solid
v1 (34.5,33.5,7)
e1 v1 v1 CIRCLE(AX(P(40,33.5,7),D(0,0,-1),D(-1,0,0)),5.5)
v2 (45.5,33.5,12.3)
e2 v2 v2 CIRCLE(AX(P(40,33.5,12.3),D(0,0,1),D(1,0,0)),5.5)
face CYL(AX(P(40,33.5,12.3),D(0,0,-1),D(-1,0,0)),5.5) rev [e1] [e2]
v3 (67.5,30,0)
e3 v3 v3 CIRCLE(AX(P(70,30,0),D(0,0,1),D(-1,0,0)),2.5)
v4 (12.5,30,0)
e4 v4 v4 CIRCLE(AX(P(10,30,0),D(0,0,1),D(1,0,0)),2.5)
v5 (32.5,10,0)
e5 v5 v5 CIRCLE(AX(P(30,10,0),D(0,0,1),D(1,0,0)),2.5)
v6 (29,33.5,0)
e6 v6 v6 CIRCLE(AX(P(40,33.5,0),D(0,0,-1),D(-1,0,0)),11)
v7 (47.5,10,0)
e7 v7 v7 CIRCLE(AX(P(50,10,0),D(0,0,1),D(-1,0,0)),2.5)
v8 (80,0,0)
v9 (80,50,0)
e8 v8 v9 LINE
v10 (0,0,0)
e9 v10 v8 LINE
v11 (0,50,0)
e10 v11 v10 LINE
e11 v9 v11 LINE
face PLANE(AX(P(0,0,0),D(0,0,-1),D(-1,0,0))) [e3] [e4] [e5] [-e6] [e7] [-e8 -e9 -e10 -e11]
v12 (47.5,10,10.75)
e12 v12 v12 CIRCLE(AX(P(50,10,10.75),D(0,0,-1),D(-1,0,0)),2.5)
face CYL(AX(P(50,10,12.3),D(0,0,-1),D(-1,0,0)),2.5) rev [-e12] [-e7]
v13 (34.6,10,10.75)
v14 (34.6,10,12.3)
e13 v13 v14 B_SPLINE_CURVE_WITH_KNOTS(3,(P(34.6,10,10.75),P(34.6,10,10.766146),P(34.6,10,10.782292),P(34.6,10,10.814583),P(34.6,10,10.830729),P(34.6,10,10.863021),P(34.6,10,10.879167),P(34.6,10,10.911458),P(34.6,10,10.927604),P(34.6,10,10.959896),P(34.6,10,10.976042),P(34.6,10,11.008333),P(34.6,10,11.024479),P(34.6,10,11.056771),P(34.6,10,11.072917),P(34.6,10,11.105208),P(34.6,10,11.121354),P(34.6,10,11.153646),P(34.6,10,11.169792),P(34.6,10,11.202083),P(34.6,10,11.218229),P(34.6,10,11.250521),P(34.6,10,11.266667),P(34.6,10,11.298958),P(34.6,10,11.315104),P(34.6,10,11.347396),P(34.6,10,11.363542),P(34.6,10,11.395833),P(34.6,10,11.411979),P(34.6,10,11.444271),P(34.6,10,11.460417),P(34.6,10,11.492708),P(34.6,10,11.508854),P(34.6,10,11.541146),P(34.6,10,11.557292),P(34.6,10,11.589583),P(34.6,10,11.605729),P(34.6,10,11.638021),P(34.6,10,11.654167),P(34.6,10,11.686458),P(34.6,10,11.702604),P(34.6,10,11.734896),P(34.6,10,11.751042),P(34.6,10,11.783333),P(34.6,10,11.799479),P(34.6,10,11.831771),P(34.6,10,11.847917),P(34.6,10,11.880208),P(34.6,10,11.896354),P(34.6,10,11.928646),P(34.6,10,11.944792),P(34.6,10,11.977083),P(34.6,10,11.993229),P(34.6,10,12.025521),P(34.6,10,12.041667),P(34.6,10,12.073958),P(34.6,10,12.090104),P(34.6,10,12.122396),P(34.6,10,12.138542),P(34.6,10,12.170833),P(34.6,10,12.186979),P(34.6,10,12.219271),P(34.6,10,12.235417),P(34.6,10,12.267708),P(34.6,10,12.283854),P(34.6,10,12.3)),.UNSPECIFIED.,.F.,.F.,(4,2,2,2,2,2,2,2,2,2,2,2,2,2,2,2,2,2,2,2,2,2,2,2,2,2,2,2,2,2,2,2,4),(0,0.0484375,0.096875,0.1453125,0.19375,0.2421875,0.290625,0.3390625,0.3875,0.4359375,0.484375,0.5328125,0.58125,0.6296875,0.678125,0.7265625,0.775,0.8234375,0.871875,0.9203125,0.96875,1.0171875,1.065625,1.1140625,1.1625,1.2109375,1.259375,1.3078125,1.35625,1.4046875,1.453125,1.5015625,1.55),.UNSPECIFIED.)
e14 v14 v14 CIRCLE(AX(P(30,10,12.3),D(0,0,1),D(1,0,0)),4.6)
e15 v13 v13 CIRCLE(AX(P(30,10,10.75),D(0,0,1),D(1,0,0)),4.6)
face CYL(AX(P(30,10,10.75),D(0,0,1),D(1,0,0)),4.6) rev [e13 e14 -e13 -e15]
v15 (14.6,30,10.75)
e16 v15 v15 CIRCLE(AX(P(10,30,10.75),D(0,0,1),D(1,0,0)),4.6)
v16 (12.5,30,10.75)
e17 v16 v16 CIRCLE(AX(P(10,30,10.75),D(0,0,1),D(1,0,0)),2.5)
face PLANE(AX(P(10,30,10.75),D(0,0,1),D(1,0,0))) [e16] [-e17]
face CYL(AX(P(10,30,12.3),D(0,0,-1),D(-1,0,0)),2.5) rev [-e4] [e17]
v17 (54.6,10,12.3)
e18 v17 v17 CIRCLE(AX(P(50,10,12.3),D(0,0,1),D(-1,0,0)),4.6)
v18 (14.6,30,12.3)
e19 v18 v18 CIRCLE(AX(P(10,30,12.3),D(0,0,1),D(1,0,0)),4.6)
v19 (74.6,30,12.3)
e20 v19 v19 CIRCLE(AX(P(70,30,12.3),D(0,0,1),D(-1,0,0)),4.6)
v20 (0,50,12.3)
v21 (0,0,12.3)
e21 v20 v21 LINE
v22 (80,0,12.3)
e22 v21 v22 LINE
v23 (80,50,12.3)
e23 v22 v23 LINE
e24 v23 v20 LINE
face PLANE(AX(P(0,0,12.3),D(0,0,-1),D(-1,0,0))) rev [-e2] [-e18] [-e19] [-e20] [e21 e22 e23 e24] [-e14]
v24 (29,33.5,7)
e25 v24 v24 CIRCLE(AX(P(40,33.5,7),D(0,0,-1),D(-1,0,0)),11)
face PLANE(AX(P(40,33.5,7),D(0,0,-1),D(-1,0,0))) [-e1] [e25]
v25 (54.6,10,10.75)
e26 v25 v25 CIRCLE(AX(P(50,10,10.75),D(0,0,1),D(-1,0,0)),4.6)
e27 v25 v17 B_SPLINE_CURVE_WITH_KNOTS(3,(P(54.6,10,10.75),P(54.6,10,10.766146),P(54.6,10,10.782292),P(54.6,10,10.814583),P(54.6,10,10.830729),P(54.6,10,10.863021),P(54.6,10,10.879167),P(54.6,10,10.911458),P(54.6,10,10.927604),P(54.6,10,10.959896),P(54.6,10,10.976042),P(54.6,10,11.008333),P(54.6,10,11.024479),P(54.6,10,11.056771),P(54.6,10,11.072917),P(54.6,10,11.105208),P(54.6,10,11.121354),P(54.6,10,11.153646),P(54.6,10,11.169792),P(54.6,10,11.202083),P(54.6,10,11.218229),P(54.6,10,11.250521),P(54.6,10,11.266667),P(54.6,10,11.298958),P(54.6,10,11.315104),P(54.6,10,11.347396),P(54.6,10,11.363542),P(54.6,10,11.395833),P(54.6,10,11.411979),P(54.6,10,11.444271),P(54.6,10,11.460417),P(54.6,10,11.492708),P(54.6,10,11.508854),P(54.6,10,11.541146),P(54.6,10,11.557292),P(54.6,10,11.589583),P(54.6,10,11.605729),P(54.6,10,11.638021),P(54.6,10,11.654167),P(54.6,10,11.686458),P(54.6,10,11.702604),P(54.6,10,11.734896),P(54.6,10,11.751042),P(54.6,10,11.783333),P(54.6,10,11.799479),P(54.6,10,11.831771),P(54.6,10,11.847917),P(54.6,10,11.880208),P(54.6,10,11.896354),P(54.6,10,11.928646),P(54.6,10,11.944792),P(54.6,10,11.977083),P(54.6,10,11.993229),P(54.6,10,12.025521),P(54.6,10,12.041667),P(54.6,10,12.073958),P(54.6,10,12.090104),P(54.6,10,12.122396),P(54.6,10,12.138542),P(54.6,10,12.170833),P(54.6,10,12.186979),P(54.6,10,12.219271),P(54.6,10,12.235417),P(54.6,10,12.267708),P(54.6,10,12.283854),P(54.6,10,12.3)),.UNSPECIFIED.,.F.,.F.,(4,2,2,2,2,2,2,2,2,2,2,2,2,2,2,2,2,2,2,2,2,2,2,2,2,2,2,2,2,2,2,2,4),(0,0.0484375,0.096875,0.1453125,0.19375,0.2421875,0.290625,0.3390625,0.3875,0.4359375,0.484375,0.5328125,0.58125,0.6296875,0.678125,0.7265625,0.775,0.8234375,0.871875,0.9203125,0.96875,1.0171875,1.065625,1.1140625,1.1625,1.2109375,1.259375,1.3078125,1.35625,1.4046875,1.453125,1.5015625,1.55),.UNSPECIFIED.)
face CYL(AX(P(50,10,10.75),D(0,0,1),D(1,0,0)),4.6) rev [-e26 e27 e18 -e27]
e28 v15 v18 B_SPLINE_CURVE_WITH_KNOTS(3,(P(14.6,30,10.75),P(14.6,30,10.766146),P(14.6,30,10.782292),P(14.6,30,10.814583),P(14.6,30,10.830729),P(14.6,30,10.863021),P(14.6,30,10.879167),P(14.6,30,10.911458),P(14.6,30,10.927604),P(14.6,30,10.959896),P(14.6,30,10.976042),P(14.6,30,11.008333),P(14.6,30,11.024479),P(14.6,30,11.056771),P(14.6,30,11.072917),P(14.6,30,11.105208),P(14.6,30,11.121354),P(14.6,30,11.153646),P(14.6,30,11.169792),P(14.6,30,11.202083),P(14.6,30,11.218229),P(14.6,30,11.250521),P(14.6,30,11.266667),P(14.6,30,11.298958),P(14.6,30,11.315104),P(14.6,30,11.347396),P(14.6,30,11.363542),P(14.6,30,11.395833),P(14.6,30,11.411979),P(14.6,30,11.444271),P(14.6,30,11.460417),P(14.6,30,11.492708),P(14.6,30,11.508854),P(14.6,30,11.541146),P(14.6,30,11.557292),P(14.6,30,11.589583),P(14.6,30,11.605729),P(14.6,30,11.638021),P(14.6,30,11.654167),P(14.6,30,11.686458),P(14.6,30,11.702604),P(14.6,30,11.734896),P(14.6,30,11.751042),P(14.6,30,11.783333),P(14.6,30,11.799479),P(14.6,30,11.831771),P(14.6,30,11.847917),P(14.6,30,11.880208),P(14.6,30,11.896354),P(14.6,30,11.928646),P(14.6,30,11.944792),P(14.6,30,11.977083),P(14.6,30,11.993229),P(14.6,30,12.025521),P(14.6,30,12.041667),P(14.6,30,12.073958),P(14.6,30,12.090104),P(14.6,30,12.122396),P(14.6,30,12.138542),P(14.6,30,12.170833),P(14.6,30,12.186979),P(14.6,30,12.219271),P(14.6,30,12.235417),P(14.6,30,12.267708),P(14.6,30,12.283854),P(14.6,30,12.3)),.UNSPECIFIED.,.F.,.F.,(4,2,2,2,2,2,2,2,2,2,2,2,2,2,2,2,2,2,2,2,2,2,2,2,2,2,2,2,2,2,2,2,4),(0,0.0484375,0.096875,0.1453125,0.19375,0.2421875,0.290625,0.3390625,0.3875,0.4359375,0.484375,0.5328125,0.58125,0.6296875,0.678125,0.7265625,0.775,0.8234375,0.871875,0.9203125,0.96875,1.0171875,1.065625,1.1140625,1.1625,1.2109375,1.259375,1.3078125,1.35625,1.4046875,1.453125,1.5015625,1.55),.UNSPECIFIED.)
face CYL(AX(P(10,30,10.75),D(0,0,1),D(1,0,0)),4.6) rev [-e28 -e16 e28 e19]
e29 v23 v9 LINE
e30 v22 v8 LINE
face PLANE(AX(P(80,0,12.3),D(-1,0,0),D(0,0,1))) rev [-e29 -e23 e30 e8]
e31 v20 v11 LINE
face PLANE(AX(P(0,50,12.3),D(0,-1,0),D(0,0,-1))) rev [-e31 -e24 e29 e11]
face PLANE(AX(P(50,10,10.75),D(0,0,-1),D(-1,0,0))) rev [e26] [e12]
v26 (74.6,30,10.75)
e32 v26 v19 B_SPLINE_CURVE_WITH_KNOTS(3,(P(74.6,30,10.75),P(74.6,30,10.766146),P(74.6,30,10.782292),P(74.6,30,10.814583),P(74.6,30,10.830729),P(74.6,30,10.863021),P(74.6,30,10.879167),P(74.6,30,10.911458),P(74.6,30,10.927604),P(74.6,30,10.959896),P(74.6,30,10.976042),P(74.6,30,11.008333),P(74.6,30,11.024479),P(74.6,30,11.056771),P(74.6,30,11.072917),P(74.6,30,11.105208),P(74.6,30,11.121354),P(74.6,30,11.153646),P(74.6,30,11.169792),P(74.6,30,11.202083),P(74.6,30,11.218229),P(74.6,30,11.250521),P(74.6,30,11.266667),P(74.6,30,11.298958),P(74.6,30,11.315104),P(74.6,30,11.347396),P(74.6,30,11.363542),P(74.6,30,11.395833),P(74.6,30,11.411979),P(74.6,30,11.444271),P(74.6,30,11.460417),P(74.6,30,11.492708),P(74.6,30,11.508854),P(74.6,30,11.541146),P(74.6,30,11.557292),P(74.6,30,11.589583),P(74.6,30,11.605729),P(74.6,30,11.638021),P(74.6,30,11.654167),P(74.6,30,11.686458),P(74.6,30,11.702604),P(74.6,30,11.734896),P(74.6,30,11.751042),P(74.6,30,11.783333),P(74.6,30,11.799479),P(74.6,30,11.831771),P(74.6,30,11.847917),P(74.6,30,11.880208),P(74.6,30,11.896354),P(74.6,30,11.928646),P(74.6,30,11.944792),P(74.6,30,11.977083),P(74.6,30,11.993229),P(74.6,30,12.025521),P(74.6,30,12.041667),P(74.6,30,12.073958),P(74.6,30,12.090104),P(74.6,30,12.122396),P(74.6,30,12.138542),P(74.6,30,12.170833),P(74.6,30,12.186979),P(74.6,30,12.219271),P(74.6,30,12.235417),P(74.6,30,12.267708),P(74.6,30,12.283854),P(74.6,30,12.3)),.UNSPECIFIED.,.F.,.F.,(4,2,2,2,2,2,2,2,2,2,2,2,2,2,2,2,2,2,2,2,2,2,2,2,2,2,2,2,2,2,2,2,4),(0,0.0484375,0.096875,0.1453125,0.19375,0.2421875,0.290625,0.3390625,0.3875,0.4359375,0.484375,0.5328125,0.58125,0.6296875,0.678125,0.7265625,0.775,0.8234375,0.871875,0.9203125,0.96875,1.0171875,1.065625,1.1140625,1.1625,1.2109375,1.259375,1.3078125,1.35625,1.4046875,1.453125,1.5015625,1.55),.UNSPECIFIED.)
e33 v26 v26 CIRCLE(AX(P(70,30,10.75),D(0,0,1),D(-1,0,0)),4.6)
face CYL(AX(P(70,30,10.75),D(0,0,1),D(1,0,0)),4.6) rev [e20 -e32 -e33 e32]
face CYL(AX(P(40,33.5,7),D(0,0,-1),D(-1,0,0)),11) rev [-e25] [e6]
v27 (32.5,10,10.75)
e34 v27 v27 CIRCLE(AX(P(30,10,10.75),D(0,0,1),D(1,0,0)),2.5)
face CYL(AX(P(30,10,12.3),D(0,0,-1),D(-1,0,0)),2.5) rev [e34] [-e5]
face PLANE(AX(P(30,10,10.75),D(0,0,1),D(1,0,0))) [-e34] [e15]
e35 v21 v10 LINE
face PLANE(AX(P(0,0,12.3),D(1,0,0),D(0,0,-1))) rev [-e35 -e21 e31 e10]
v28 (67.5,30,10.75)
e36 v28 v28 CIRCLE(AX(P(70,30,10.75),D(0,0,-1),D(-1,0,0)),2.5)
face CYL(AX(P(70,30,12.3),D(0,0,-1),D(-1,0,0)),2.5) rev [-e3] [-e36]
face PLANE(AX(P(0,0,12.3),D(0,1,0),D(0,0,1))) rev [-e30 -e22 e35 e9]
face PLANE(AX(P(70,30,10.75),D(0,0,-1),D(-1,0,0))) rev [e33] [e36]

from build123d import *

# Parameters (mm, degrees)
SKETCH1_W           = 80
SKETCH1_H           = 50
SKETCH1_R           = 5.5
SKETCH1_R_2         = 2.5
BOSS_EXTRUDE1_DEPTH = 12.3
SKETCH2_R           = 4.6
CUT_EXTRUDE1_DEPTH  = 1.55
SKETCH3_R           = 11
CUT_EXTRUDE2_DEPTH  = 7


with BuildPart() as part:
    # Sketch1 → Boss-Extrude1 (new body)
    with BuildSketch(Plane.XY):
        with Locations((40, 25)):
            Rectangle(SKETCH1_W, SKETCH1_H)
        with Locations((40, 33.5)):
            Circle(SKETCH1_R, mode=Mode.SUBTRACT)
        with Locations((10, 30)):
            Circle(SKETCH1_R_2, mode=Mode.SUBTRACT)
        with Locations(Location((70, 30, 0), (0, 0, 180))):
            Circle(SKETCH1_R_2, mode=Mode.SUBTRACT)
        with Locations((30, 10)):
            Circle(SKETCH1_R_2, mode=Mode.SUBTRACT)
        with Locations(Location((50, 10, 0), (0, 0, 180))):
            Circle(SKETCH1_R_2, mode=Mode.SUBTRACT)
    extrude(amount=BOSS_EXTRUDE1_DEPTH)

    # Sketch2 → Cut-Extrude1 (cut)
    with BuildSketch(Plane.XY.offset(12.3)):
        with Locations((10, 30)):
            Circle(SKETCH2_R)
        with Locations((70, 30)):
            Circle(SKETCH2_R)
        with Locations((30, 10)):
            Circle(SKETCH2_R)
        with Locations((50, 10)):
            Circle(SKETCH2_R)
    extrude(amount=-CUT_EXTRUDE1_DEPTH, mode=Mode.SUBTRACT)

    # Sketch3 → Cut-Extrude2 (cut)
    with BuildSketch(Plane(origin=(0, 0, 0), x_dir=(-1, 0, 0), z_dir=(0, 0, -1))):
        with Locations((-40, 33.5)):
            Circle(SKETCH3_R)
    extrude(amount=-CUT_EXTRUDE2_DEPTH, mode=Mode.SUBTRACT)


solid = part.part
